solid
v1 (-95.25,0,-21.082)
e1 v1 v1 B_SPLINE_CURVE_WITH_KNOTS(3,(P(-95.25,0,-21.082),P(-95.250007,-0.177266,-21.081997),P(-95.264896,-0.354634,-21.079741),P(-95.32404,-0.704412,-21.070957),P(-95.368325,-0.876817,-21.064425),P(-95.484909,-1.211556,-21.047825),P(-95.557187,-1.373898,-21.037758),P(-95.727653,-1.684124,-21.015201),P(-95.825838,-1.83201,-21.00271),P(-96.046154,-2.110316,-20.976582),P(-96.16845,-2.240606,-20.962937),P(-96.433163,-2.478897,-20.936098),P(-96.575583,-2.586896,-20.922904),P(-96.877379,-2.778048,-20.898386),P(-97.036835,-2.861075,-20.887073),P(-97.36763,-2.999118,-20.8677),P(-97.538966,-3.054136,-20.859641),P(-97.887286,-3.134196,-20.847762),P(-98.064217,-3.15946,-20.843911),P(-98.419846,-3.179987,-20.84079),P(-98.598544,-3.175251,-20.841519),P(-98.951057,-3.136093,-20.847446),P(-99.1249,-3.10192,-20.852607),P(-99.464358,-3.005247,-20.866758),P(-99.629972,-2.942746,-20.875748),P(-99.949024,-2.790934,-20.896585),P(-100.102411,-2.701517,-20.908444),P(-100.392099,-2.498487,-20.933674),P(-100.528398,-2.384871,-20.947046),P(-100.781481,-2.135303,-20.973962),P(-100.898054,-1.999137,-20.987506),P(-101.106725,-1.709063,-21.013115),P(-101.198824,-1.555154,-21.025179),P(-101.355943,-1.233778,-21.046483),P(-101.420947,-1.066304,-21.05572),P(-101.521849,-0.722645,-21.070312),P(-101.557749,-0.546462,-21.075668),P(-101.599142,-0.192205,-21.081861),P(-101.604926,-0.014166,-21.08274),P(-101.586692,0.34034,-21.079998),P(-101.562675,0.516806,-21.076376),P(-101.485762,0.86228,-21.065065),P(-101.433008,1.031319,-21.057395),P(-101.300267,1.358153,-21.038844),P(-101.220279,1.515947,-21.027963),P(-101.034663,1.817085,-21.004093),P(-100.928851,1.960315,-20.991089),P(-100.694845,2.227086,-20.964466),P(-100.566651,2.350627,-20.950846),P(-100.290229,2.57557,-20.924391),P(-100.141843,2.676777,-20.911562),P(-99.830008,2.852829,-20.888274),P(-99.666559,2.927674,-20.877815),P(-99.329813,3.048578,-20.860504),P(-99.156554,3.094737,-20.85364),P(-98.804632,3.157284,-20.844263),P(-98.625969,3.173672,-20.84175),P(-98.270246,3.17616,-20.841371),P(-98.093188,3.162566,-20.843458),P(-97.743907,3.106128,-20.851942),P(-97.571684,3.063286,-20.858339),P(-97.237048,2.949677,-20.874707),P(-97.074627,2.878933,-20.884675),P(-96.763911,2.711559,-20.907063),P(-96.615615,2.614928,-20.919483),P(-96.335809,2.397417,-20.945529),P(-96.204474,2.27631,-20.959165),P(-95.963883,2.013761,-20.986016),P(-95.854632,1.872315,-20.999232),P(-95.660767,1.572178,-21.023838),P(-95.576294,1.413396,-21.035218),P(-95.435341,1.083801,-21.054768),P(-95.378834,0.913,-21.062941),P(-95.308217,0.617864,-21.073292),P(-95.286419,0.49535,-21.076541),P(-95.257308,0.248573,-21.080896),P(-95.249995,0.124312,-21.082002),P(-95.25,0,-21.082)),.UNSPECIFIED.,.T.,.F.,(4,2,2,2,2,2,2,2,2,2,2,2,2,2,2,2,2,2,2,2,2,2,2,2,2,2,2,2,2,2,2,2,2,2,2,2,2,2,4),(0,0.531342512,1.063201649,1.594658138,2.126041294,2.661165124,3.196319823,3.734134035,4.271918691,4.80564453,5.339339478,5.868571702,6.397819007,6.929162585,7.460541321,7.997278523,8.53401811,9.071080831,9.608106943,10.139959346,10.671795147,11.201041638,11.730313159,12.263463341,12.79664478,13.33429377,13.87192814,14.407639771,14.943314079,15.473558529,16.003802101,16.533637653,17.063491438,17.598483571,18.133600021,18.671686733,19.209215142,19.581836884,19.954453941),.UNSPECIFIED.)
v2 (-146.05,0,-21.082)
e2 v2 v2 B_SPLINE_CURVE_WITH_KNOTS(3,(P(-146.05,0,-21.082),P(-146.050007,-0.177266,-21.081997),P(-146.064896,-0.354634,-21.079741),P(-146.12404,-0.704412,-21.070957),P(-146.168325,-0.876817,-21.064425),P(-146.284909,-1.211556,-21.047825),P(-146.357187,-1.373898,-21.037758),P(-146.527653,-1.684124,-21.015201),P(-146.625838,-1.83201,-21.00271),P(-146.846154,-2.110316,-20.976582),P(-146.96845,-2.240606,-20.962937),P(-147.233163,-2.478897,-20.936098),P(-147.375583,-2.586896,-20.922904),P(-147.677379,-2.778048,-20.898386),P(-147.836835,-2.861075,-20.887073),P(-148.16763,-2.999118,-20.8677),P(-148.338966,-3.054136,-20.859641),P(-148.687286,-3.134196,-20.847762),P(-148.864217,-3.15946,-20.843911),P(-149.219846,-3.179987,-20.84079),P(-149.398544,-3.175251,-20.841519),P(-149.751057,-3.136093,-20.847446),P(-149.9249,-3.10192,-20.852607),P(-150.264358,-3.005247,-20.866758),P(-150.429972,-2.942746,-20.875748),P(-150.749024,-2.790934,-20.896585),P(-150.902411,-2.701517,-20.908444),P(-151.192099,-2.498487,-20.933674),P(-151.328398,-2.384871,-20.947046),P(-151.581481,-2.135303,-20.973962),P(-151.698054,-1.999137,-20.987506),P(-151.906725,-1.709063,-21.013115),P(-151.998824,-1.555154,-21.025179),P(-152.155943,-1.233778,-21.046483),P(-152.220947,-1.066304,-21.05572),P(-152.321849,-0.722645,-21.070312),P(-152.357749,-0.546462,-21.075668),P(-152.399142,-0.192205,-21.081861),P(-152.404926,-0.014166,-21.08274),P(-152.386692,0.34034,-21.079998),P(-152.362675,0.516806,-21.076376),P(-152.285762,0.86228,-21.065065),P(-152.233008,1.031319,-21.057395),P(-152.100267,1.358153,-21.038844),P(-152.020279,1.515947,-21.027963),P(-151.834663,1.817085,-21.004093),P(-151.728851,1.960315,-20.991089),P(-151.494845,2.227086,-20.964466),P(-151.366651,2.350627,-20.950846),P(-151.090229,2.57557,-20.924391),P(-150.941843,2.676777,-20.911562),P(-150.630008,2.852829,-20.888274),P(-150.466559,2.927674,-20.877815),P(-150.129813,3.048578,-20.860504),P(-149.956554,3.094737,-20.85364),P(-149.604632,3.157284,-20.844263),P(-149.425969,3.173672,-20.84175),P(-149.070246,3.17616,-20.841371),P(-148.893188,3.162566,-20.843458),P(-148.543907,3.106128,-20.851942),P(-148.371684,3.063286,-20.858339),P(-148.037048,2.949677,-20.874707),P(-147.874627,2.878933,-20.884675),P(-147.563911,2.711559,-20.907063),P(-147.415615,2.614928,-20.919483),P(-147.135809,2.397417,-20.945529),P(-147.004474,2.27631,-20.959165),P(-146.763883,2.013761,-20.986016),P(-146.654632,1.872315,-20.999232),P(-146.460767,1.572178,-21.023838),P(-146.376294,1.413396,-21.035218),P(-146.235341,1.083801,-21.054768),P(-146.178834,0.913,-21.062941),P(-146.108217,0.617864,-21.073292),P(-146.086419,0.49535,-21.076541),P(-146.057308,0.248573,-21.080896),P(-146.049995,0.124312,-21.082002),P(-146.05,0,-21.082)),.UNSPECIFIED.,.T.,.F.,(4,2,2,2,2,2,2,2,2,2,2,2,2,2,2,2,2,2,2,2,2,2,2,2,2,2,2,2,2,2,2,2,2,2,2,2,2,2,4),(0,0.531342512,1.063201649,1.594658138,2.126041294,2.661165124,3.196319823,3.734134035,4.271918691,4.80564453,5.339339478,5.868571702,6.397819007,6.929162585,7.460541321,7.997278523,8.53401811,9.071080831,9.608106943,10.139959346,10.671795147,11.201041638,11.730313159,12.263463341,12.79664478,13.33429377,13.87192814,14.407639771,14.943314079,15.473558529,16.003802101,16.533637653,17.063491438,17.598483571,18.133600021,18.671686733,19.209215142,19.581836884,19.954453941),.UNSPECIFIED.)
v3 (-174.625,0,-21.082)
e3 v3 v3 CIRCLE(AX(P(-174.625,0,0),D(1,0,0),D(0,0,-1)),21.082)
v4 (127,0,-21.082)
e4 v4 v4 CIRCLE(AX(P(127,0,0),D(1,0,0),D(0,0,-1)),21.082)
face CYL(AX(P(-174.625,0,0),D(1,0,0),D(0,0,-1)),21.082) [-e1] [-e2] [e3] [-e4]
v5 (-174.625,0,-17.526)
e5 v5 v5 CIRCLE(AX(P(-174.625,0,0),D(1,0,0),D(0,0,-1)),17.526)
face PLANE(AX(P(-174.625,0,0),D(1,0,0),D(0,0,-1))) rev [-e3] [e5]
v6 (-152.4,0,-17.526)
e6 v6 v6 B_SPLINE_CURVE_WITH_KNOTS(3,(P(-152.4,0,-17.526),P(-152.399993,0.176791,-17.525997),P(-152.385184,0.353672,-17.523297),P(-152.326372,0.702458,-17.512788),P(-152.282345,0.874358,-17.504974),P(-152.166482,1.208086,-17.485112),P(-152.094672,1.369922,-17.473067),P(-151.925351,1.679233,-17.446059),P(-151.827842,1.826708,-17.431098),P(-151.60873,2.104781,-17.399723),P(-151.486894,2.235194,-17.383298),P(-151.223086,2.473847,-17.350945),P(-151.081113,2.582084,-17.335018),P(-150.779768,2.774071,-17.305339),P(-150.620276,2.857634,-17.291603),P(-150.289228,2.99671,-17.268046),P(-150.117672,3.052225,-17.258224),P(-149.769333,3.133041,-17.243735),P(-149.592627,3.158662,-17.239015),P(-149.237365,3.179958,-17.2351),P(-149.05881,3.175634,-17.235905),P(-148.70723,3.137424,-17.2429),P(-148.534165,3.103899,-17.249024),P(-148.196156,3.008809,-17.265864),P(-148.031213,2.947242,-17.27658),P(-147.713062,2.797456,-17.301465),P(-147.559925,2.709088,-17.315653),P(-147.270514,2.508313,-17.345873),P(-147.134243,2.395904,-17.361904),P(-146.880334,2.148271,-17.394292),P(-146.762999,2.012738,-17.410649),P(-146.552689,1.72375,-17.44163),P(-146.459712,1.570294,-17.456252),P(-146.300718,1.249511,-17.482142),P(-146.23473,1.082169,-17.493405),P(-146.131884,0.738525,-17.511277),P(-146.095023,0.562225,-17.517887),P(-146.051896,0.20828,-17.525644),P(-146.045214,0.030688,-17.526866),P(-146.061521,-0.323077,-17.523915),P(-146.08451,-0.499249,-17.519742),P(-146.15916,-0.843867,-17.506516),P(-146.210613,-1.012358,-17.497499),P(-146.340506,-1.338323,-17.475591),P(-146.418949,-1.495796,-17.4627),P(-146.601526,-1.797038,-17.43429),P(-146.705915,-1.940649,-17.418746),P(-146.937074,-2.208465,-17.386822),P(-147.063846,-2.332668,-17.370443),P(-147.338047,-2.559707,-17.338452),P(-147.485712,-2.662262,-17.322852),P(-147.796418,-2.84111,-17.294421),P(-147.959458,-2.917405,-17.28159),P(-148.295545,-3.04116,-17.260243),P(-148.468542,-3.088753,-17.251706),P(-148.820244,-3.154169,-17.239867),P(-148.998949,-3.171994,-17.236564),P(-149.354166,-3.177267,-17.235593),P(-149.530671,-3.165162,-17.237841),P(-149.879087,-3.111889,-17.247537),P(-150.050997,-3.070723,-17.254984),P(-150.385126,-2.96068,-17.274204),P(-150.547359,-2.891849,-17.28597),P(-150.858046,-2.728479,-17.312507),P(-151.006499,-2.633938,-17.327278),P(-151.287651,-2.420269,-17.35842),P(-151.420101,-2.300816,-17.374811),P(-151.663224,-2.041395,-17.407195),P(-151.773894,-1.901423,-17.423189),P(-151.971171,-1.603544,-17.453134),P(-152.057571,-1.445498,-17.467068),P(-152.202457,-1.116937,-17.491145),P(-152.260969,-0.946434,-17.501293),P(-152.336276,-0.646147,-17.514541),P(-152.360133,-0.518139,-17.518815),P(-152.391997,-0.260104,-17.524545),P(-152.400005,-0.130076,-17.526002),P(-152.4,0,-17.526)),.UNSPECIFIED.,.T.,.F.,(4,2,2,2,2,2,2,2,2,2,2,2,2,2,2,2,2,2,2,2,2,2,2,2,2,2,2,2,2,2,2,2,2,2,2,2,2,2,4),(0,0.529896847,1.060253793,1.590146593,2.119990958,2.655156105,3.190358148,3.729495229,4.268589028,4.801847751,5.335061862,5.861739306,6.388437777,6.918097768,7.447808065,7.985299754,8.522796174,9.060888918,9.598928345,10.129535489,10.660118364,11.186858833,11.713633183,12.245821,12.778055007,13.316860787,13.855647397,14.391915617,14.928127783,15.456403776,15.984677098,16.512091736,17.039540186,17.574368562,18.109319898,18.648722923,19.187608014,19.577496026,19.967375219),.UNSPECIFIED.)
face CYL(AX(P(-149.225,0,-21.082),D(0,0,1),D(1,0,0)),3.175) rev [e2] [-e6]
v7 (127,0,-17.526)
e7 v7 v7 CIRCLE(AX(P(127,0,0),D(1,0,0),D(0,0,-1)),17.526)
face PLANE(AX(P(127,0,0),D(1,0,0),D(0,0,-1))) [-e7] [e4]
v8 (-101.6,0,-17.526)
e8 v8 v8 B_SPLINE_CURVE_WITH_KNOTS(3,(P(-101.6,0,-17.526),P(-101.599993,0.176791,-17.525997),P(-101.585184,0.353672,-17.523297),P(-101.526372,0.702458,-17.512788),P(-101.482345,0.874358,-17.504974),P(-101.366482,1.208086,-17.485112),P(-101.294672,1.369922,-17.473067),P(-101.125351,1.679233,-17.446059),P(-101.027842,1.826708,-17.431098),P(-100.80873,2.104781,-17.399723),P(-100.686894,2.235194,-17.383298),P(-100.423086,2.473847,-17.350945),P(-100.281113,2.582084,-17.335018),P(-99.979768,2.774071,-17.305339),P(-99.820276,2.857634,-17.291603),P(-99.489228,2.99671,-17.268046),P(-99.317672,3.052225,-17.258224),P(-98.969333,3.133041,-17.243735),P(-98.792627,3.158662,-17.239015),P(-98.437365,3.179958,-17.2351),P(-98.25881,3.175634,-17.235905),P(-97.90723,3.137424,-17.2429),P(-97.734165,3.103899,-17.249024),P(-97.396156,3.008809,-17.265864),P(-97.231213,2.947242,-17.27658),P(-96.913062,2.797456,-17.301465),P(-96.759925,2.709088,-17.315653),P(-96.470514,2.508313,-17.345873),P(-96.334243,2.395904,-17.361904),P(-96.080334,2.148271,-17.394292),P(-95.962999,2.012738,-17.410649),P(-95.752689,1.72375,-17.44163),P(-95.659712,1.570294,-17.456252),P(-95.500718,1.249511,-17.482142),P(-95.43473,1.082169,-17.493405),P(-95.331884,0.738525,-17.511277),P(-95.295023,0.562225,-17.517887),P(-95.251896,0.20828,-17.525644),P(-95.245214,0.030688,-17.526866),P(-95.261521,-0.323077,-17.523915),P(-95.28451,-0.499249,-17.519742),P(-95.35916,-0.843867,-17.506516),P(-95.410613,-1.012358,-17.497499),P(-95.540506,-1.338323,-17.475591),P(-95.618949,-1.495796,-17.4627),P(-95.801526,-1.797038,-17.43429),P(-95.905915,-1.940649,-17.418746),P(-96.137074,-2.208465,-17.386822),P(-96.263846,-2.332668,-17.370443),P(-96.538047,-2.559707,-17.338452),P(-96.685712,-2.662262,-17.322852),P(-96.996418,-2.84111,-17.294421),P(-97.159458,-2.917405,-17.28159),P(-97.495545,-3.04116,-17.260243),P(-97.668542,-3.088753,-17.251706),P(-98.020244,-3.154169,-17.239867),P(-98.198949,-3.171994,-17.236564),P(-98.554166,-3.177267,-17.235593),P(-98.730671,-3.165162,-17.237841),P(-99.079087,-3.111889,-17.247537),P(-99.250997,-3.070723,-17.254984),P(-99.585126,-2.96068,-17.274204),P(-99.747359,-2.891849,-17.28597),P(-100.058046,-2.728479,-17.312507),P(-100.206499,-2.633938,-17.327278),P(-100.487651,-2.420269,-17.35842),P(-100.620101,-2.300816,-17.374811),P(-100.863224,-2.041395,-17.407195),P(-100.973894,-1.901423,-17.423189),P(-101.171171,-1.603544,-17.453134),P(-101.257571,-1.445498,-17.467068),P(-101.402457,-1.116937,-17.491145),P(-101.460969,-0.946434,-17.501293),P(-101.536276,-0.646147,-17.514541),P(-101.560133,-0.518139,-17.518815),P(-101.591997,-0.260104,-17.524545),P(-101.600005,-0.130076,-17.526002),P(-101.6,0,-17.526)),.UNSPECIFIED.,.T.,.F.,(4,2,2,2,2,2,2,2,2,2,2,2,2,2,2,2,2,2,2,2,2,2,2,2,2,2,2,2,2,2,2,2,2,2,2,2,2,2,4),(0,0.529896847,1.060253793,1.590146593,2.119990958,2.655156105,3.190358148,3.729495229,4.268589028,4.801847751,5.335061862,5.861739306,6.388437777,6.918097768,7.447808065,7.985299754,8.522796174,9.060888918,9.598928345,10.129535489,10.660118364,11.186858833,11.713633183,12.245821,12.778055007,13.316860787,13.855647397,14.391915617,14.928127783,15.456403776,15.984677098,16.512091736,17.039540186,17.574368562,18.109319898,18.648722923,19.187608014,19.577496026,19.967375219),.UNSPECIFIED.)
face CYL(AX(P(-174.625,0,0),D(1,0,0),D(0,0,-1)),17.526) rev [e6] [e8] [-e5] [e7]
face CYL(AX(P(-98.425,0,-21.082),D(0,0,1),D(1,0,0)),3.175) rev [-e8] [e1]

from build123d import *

# Parameters (mm, degrees)
SKETCH1_R                = 21.082
SKETCH1_R_2              = 17.526
BOSS_EXTRUDE1_DEPTH      = 127
BOSS_EXTRUDE1_DEPTH_BACK = 174.625
SKETCH2_R                = 3.175
CUT_EXTRUDE1_DEPTH       = 22.082


with BuildPart() as part:
    # Sketch1 → Boss-Extrude1 (new body, two sides)
    with BuildSketch(Plane(origin=(0, 0, 0), x_dir=(0, 0, -1), z_dir=(1, 0, 0))) as boss_extrude1_sk:
        Circle(SKETCH1_R)
        Circle(SKETCH1_R_2, mode=Mode.SUBTRACT)
    extrude(amount=BOSS_EXTRUDE1_DEPTH)
    extrude(boss_extrude1_sk.sketch, amount=-BOSS_EXTRUDE1_DEPTH_BACK)

    # Sketch2 → Cut-Extrude1 (cut, through all)
    with BuildSketch(Plane.XY):
        with Locations((-98.425, 0)):
            Circle(SKETCH2_R)
        with Locations((-149.225, 0)):
            Circle(SKETCH2_R)
    extrude(amount=-CUT_EXTRUDE1_DEPTH, mode=Mode.SUBTRACT)


solid = part.part
